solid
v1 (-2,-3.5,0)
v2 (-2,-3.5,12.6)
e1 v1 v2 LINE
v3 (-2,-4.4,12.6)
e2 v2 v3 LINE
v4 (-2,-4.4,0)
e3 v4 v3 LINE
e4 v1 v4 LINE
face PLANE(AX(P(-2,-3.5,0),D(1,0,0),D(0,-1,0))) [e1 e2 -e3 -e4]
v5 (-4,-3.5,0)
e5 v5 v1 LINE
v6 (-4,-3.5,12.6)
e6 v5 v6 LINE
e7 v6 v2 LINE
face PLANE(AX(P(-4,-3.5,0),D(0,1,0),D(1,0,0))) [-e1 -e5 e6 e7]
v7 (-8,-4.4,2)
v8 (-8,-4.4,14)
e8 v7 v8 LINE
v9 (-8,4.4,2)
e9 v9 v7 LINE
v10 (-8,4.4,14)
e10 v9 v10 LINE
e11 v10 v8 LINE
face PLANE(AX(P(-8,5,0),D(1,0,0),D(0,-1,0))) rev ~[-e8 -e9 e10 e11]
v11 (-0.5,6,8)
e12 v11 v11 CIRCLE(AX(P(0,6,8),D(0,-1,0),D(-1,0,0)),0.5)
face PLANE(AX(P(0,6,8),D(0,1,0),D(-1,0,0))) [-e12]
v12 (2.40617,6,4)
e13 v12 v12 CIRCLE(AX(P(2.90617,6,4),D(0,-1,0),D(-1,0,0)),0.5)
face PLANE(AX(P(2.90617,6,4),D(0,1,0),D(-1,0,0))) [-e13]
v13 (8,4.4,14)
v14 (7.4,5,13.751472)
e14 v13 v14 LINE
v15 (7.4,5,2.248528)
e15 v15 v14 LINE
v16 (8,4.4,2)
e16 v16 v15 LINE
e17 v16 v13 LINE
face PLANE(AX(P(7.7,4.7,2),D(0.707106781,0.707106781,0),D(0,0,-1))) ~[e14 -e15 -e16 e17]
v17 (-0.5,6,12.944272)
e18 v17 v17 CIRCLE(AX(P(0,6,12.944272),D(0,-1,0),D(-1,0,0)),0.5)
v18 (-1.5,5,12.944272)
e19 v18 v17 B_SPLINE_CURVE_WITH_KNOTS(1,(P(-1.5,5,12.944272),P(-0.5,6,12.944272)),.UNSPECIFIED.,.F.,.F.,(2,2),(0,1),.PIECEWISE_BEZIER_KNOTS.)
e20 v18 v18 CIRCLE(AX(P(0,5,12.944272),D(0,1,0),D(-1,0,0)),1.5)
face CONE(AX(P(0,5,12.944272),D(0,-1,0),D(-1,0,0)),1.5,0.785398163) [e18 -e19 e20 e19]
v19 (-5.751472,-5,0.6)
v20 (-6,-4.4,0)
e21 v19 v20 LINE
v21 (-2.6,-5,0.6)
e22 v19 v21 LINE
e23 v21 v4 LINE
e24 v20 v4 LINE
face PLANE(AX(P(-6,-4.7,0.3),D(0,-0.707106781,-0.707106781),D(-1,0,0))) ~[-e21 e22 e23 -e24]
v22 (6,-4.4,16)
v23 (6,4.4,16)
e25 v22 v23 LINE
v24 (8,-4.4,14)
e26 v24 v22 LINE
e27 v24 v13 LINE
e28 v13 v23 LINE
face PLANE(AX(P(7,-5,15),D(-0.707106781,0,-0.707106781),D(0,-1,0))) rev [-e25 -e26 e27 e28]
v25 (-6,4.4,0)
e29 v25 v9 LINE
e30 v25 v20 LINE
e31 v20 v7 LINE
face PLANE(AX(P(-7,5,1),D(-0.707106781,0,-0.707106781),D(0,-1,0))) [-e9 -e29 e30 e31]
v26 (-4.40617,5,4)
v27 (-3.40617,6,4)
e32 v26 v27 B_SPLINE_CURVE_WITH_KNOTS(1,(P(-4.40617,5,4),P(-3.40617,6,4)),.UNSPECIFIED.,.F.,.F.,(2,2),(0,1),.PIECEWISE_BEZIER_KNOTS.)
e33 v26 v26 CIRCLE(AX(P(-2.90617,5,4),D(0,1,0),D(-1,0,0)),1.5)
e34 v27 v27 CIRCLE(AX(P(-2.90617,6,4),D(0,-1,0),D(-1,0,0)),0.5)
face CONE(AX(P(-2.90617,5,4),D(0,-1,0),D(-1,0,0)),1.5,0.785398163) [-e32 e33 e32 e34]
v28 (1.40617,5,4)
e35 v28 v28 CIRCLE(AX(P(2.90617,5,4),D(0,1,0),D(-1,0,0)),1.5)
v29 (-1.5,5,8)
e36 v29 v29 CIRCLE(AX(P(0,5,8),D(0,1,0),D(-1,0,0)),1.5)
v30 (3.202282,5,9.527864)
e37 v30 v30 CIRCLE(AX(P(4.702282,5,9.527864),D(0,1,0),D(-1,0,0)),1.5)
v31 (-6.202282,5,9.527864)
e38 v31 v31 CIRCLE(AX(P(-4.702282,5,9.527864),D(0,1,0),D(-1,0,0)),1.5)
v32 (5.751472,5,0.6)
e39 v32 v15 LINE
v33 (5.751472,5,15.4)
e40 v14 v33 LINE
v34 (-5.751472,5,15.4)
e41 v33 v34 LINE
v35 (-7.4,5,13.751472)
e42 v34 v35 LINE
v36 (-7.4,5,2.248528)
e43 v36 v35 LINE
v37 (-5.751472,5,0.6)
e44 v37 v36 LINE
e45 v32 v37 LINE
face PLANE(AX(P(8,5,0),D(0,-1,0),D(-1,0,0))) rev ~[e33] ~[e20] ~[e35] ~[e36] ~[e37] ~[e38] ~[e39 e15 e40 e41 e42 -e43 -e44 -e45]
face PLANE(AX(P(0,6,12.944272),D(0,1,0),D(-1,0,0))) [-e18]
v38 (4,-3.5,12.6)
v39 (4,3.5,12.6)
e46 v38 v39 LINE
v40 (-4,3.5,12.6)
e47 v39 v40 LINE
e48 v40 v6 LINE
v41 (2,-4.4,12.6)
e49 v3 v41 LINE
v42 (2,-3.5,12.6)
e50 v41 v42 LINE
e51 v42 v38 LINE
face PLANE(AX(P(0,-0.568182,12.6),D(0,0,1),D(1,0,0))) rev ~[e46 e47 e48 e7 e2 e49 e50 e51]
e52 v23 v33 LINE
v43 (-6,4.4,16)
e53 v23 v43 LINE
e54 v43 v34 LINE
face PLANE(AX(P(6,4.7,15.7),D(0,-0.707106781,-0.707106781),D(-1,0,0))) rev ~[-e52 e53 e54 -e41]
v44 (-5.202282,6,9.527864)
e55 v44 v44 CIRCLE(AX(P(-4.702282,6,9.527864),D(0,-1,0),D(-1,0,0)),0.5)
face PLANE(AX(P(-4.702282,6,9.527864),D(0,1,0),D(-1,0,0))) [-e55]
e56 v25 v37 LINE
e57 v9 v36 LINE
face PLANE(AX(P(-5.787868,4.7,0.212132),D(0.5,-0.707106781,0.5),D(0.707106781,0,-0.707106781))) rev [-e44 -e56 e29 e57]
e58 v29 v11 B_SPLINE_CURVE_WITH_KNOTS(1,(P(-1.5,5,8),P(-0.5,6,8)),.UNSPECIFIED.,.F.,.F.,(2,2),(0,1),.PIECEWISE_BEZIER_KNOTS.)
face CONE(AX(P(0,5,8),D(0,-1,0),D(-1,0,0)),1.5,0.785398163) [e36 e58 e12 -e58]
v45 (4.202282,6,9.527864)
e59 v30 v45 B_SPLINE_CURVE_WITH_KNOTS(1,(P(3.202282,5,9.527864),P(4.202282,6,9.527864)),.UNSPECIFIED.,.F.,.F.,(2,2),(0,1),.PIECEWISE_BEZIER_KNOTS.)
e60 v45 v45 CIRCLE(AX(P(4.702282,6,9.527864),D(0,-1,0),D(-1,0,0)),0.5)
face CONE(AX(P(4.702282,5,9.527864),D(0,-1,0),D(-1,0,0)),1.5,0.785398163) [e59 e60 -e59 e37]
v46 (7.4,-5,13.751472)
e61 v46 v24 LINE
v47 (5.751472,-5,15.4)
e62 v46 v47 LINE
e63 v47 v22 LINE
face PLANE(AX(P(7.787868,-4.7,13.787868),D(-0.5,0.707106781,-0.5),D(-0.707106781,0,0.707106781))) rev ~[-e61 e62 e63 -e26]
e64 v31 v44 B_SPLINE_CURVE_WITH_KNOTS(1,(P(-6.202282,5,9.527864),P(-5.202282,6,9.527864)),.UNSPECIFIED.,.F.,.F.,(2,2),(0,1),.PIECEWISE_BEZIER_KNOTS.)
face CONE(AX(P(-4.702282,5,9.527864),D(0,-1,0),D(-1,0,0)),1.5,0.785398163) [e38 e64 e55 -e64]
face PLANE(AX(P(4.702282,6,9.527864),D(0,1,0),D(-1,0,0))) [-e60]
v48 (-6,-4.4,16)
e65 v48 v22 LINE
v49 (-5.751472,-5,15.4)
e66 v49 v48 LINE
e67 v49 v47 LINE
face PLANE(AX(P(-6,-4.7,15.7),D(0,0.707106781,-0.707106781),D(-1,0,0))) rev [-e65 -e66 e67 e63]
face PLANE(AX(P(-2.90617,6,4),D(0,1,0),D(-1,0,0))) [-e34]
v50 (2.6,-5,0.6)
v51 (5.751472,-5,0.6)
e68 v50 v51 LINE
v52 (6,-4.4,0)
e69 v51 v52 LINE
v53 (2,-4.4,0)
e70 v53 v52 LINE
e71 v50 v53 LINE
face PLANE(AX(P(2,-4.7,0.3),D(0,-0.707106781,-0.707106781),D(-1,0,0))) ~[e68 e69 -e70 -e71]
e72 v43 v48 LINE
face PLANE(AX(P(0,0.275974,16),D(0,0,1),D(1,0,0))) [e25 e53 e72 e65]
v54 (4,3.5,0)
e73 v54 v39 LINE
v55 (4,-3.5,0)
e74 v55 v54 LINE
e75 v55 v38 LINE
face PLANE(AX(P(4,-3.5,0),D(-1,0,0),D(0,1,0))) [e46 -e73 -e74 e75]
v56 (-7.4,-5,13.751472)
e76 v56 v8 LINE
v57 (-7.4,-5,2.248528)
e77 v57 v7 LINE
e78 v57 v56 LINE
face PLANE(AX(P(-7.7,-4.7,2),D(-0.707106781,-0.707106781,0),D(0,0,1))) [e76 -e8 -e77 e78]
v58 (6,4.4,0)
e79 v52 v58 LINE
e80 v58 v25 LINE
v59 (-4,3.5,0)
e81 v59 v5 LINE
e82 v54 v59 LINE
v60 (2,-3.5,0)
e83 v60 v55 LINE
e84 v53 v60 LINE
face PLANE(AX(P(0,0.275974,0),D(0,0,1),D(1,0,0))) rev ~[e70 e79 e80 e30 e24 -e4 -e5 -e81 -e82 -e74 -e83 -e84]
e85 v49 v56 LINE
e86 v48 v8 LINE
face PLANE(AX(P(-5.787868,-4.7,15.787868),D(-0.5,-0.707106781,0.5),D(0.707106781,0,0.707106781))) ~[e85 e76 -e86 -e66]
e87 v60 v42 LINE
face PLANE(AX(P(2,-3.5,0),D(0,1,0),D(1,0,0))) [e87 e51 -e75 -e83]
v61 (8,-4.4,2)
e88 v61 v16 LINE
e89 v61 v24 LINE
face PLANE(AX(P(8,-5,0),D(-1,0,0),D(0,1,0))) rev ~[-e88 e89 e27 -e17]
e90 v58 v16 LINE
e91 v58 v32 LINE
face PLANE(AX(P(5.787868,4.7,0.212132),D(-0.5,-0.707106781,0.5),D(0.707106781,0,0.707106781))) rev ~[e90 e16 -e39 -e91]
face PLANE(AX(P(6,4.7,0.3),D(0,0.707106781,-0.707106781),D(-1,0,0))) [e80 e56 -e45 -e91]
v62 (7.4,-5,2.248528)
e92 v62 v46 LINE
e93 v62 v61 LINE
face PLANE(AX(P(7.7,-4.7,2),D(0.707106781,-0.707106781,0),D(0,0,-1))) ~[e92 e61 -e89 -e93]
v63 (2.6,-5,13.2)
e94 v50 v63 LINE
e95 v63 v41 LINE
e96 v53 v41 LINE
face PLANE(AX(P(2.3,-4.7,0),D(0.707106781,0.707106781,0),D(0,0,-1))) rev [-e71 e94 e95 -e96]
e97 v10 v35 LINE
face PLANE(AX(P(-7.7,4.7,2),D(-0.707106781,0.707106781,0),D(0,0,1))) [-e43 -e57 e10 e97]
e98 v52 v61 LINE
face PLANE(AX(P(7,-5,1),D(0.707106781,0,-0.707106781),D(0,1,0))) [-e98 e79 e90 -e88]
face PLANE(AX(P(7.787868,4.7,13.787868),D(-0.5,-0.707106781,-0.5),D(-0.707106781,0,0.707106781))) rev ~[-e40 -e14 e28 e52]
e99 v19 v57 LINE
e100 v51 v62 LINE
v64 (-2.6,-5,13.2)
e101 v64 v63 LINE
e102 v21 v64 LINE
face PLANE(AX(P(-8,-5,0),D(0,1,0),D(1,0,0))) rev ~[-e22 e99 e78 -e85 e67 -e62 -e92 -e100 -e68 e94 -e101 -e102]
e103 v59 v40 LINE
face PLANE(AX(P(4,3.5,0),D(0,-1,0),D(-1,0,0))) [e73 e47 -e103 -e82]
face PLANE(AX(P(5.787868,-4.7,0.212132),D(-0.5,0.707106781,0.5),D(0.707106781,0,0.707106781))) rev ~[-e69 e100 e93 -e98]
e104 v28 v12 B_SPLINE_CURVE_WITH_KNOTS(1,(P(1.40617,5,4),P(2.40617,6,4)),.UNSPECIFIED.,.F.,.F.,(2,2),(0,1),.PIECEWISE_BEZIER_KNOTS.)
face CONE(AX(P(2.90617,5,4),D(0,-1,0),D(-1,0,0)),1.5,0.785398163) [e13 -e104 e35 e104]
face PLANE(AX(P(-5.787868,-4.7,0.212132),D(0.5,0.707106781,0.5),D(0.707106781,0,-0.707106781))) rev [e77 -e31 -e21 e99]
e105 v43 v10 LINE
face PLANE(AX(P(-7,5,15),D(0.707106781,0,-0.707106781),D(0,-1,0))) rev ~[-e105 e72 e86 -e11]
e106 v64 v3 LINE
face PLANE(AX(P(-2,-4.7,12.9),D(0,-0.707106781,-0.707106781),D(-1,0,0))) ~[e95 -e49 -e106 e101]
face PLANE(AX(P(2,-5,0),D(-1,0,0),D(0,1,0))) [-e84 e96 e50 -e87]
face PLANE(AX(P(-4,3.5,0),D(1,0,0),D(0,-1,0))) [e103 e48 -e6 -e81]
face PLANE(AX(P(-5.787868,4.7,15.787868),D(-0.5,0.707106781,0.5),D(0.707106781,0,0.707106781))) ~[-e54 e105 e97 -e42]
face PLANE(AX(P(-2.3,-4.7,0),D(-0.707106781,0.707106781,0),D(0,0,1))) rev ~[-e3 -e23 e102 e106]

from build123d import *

# Parameters (mm, degrees)
F2_DEPTH = 16
F3_DEPTH = 12.6
F4_SIZE  = 2
F5_SIZE  = 0.6
F6_R     = 1.5
F7_DEPTH = 1
F7_TAPER = 45


with BuildPart() as f2:
    # F1 (on Top) → F2 (new body)
    with BuildSketch(Plane.XY):
        Polygon((-8, -5), (-2, -5), (-2, -3.5), (-4, -3.5), (-4, 3.5), (4, 3.5), (4, -3.5), (2, -3.5), (2, -5), (8, -5), (8, 5), (-8, 5), align=None)
        Polygon((-2, -3.5), (-2, -5), (2, -5), (2, -3.5), (4, -3.5), (4, 3.5), (-4, 3.5), (-4, -3.5), align=None)
    extrude(amount=F2_DEPTH)

    # F1 (on Top) → F3 (cut)
    with BuildSketch(Plane.XY):
        Polygon((-2, -3.5), (-2, -5), (2, -5), (2, -3.5), (4, -3.5), (4, 3.5), (-4, 3.5), (-4, -3.5), align=None)
    extrude(amount=F3_DEPTH, mode=Mode.SUBTRACT)

    # F4
    f4_edges = [f2.edges().sort_by_distance(p)[0] for p in [
        (-8, 0, 0),
        (-8, 0, 16),
        (8, 0, 16),
        (8, 0, 0),
    ]]
    chamfer(f4_edges, length=F4_SIZE)

    # F5
    f5_edges = [f2.edges().sort_by_distance(p)[0] for p in [
        (8, 5, 8),
        (7, 5, 1),
        (7, 5, 15),
        (0, 5, 0),
        (0, 5, 16),
        (-7, 5, 1),
        (-7, 5, 15),
        (-8, 5, 8),
        (-4, -5, 0),
        (-7, -5, 1),
        (-2, -5, 6.3),
        (-8, -5, 8),
        (0, -5, 12.6),
        (-7, -5, 15),
        (2, -5, 6.3),
        (0, -5, 16),
        (4, -5, 0),
        (7, -5, 15),
        (7, -5, 1),
        (8, -5, 8),
    ]]
    chamfer(f5_edges, length=F5_SIZE)

    # F6 (on face) → F7 (join)
    with BuildSketch(Plane(origin=(0, 5, 0), x_dir=(-1, 0, 0), z_dir=(0, 1, 0))):
        with Locations((-2.906170112, 4)):
            Circle(F6_R)
        with Locations((2.906170112, 4)):
            Circle(F6_R)
        with Locations((4.7022820183, 9.527864045)):
            Circle(F6_R)
        with Locations((0, 12.94427191)):
            Circle(F6_R)
        with Locations((-4.7022820183, 9.527864045)):
            Circle(F6_R)
        with Locations((0, 8)):
            Circle(F6_R)
    extrude(amount=F7_DEPTH, taper=F7_TAPER)


solid = f2.part
